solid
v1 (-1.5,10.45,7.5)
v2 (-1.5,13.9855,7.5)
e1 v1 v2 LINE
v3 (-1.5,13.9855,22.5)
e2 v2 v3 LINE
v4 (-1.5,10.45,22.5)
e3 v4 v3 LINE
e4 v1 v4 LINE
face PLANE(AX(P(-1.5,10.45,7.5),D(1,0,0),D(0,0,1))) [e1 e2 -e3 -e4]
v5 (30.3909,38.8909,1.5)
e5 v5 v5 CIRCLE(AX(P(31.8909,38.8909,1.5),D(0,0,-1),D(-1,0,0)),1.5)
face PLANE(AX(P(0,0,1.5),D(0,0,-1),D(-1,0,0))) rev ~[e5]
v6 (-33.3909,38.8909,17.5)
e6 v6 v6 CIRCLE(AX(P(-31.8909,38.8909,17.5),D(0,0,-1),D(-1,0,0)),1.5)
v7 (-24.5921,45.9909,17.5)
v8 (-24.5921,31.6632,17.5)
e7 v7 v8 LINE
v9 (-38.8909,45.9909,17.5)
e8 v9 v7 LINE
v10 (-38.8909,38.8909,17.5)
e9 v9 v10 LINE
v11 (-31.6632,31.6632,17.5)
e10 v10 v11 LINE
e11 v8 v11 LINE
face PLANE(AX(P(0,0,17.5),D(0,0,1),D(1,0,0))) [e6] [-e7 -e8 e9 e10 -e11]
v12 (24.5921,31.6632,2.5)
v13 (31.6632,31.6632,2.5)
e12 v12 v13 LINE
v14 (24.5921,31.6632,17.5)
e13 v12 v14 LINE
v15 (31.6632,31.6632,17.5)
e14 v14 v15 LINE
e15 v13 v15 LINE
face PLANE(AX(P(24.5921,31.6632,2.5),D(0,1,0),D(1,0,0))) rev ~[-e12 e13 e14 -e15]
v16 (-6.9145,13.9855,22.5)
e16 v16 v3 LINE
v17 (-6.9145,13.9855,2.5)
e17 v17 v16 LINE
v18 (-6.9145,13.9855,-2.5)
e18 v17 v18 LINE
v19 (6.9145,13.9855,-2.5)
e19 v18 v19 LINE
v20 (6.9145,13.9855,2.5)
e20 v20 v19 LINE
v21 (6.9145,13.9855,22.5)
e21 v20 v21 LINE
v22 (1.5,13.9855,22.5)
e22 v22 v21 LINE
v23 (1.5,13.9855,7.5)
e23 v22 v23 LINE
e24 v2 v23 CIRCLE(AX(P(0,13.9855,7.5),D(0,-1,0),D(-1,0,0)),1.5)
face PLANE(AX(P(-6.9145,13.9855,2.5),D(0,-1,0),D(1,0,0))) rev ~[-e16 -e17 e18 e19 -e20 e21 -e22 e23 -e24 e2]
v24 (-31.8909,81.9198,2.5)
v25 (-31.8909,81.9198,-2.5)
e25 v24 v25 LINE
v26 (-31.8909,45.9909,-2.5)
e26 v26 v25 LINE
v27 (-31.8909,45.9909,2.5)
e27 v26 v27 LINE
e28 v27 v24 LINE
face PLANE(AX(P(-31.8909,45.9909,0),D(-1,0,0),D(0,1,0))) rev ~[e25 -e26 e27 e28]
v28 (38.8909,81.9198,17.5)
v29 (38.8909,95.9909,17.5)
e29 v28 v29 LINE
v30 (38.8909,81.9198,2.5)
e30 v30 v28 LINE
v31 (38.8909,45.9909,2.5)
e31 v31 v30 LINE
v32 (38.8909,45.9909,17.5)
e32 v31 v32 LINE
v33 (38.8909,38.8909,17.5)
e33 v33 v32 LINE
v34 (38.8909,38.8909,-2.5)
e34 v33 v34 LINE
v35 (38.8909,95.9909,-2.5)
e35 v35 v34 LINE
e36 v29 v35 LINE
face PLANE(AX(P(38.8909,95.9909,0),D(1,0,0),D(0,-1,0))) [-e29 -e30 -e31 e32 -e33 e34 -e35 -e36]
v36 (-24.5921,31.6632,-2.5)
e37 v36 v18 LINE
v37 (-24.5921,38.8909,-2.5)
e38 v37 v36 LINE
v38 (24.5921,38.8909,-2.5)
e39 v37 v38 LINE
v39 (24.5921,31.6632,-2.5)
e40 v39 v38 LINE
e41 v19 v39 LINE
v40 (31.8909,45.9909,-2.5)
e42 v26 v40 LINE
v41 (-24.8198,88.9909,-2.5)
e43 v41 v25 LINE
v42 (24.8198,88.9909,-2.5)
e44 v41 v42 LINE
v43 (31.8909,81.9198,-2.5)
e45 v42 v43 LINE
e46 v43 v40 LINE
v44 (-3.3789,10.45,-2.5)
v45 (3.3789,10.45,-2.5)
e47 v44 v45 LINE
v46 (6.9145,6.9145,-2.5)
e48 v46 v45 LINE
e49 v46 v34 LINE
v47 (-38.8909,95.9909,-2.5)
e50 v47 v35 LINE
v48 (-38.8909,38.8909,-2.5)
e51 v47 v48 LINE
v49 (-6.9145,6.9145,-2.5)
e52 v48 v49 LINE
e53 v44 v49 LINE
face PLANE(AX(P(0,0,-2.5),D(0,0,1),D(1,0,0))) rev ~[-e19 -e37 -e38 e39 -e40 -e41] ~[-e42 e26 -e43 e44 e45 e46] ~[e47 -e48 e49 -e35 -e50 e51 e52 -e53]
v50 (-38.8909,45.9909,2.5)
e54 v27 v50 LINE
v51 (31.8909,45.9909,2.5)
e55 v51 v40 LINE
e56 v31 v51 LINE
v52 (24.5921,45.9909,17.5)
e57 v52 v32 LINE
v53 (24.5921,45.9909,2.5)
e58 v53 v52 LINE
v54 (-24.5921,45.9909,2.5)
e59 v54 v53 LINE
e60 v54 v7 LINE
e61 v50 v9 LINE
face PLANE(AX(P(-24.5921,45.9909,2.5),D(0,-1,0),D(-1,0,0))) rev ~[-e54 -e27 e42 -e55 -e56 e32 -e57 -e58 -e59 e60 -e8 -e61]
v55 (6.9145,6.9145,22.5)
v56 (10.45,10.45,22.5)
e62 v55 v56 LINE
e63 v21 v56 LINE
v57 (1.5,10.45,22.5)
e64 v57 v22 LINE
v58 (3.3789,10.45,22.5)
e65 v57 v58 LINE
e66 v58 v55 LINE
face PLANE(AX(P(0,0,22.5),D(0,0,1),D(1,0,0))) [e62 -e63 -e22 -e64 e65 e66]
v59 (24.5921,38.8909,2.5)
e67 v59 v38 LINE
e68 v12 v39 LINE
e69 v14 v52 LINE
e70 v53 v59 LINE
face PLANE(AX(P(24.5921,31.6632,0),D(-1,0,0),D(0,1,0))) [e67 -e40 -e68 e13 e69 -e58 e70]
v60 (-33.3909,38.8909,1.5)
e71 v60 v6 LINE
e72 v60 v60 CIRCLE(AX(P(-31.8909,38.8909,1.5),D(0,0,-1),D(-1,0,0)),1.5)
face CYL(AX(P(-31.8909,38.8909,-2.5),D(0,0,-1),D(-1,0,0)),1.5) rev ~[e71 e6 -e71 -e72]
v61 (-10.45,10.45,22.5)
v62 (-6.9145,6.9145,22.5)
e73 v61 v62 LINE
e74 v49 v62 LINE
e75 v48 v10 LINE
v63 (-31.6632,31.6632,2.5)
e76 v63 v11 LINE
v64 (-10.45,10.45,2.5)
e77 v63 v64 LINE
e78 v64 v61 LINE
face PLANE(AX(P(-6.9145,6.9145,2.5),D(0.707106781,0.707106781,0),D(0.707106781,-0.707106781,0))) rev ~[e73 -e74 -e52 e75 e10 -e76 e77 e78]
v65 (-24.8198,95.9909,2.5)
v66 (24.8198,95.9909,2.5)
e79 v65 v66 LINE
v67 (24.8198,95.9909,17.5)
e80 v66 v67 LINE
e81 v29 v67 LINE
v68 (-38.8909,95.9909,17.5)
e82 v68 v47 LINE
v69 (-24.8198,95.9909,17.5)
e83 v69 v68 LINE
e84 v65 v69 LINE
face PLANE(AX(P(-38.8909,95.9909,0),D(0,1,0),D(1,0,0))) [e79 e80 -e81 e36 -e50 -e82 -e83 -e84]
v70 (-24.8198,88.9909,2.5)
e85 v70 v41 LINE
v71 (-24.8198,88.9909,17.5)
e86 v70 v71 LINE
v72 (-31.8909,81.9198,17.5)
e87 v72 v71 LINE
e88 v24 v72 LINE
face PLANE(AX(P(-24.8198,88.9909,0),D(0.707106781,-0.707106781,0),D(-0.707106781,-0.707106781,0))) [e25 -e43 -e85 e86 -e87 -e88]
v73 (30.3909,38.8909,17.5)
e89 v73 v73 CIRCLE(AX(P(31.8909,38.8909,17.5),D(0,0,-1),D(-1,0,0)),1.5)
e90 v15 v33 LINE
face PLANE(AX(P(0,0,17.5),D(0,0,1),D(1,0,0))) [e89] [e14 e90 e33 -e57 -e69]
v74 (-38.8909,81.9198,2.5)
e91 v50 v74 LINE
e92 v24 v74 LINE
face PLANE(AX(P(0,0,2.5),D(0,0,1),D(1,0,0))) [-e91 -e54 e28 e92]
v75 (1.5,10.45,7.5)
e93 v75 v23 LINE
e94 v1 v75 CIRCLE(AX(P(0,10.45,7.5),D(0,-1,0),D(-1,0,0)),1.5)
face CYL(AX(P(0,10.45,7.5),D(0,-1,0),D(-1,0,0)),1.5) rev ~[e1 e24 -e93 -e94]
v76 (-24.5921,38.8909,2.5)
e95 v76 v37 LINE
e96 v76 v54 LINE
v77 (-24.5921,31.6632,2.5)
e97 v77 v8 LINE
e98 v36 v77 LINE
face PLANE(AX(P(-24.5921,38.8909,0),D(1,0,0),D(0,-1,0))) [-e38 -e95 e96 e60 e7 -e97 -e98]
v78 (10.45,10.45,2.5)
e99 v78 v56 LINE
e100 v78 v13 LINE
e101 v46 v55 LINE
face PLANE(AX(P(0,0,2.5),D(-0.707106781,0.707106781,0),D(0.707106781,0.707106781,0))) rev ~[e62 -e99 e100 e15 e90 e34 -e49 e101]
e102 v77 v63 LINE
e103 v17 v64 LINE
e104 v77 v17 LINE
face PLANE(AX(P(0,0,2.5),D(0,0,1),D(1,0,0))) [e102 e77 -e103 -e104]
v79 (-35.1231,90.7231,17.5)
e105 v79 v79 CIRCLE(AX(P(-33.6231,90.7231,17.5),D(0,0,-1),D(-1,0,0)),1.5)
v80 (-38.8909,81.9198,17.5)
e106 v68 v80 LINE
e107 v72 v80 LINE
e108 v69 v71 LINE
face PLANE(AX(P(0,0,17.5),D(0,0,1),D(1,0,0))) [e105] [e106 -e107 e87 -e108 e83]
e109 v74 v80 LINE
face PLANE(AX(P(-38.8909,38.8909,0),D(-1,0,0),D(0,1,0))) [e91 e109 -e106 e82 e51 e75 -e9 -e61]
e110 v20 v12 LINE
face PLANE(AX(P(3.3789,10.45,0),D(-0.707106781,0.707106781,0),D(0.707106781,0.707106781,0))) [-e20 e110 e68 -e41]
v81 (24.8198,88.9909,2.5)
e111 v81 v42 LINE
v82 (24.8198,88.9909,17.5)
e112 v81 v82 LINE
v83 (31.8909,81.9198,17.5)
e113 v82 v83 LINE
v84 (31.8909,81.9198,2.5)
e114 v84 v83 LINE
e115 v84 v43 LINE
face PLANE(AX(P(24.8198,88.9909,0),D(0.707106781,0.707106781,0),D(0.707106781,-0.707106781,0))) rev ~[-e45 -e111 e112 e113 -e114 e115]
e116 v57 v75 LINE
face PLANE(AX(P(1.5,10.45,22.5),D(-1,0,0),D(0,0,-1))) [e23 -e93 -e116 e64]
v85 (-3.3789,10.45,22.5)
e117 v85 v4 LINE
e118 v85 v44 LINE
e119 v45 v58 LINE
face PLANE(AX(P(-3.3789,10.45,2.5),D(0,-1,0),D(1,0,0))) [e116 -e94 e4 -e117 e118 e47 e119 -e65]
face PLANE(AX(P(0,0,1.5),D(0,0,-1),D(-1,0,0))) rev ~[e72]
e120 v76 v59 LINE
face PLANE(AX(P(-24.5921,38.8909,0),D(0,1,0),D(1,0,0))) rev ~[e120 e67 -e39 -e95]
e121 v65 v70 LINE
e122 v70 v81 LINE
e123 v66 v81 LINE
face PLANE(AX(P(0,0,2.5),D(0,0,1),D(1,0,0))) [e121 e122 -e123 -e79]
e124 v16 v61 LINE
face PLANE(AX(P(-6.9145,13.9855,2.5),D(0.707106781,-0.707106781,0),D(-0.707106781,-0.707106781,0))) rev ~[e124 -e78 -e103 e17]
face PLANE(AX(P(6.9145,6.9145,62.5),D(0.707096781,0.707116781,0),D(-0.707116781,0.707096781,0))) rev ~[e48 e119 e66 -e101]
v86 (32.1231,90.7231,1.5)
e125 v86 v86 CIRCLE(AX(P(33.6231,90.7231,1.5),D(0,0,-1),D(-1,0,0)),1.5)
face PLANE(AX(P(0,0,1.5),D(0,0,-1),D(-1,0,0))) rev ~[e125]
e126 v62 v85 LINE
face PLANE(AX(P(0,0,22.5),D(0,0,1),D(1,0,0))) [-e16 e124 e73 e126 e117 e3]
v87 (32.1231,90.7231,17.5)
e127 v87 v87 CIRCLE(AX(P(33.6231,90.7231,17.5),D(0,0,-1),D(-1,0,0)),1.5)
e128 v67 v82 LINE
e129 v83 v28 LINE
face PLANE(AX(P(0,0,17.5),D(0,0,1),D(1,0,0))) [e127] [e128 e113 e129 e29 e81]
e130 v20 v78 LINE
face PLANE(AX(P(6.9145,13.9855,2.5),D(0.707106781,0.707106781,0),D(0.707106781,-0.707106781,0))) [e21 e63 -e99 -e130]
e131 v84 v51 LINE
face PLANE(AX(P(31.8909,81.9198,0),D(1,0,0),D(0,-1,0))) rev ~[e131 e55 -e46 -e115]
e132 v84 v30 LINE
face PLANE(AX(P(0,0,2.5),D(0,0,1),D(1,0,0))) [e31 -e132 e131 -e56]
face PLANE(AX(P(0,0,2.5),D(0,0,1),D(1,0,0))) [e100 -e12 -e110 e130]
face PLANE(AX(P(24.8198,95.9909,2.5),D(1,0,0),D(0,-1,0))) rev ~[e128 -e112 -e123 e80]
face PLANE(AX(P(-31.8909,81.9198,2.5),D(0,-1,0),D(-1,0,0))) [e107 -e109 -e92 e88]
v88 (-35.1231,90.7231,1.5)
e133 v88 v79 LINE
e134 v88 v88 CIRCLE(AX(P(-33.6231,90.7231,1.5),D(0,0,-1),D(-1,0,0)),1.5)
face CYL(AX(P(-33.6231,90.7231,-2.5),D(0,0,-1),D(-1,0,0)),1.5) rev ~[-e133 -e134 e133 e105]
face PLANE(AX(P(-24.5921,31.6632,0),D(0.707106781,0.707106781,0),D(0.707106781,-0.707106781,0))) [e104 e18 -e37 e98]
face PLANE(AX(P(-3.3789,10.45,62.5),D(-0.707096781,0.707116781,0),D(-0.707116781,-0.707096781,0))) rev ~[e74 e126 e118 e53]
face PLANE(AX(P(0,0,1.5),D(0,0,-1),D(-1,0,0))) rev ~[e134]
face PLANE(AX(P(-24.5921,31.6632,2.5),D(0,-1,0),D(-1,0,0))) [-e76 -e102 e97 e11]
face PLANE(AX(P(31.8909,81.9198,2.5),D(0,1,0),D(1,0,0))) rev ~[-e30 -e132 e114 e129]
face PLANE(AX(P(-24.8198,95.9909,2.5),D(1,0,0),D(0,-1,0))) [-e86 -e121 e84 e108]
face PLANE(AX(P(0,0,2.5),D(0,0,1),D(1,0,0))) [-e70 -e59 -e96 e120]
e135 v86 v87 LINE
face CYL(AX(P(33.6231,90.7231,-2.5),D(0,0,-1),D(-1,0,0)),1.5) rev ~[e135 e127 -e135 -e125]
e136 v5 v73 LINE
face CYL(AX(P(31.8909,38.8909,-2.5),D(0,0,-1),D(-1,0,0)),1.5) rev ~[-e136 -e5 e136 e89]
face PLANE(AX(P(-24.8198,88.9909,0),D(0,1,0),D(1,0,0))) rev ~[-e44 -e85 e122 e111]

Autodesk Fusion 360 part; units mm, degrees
sketch "スケッチ1" plane through (0, 0, 0) normal (0, 0, 1) x (1, 0, 0)
  line L0 (-38.8909, 38.8909) -> (0, 0)
  line L1 (0, 0) -> (38.8909, 38.8909)
  line L2 (38.8909, 38.8909) -> (-38.8909, 38.8909) construction
  line L3 (0, 38.8909) -> (0, 0) construction
  line L4 (-24.5921, 31.6632) -> (-3.3789, 10.45)
  line L5 (-3.3789, 10.45) -> (3.3789, 10.45)
  line L6 (3.3789, 10.45) -> (24.5921, 31.6632)
  line L7 (24.5921, 31.6632) -> (24.5921, 38.8909)
  line L8 (-24.5921, 38.8909) -> (-24.5921, 31.6632)
  line L9 (-24.5921, 38.8909) -> (24.5921, 38.8909)
  line L10 (-38.8909, 38.8909) -> (-38.8909, 45.9909)
  line L11 (-31.8909, 45.9909) -> (31.8909, 45.9909)
  line L12 (38.8909, 45.9909) -> (38.8909, 38.8909)
  line L13 (31.8909, 45.9909) -> (-31.8909, 45.9909)
  line L14 (-38.8909, 45.9909) -> (-38.8909, 95.9909)
  line L15 (-38.8909, 95.9909) -> (38.8909, 95.9909)
  line L16 (38.8909, 95.9909) -> (38.8909, 45.9909)
  line L17 (38.8909, 45.9909) -> (-38.8909, 95.9909) construction
  line L18 (-38.8909, 45.9909) -> (38.8909, 95.9909) construction
  line L19 (-31.8909, 45.9909) -> (-31.8909, 81.9198)
  line L20 (-24.8198, 88.9909) -> (24.8198, 88.9909)
  line L21 (31.8909, 81.9198) -> (31.8909, 45.9909)
  line L22 (-24.8198, 88.9909) -> (-31.8909, 81.9198)
  line L23 (24.8198, 88.9909) -> (31.8909, 81.9198)
  point P0 (0, 70.9909)
  point P1 (0, 70.9909)
  dimension "d1" = 55
  dimension "d3" = 55
  dimension "d4" = 5
  dimension "d5" = 5
  dimension "d6" = 30
  dimension "d7" = 30
  dimension "d8" = 10.45
  dimension "d9" = 7.1
  dimension "d10" = 50
  dimension "d11" = 7
  dimension "d13" = 45
  dimension "d14" = 45
  dimension "d15" = 10
  dimension "d16" = 10
  dimension "d17" = 7
  dimension "d18" = 7
  dimension "d19" = 57.1
  dimension "d20" = 7.1
extrude "押し出し1" add sketch "スケッチ1" along normal mid plane 5
sketch "スケッチ2" plane through (0, 0, 2.5) normal (0, 0, 1) x (1, 0, 0)
  line L0 (-31.8909, 81.9198) -> (-24.8198, 88.9909)
  line L1 (-24.8198, 88.9909) -> (24.8198, 88.9909)
  line L2 (24.8198, 88.9909) -> (31.8909, 81.9198)
  line L3 (31.8909, 81.9198) -> (31.8909, 45.9909)
  line L4 (31.8909, 45.9909) -> (-31.8909, 45.9909)
  line L5 (-31.8909, 45.9909) -> (-31.8909, 81.9198)
  line L6 (-3.3789, 10.45) -> (-24.5921, 31.6632)
  line L7 (-24.5921, 31.6632) -> (-24.5921, 38.8909)
  line L8 (-24.5921, 38.8909) -> (24.5921, 38.8909)
  line L9 (24.5921, 38.8909) -> (24.5921, 31.6632)
  line L10 (24.5921, 31.6632) -> (3.3789, 10.45)
  line L11 (3.3789, 10.45) -> (-3.3789, 10.45)
  line L12 (-38.8909, 38.8909) -> (0, 0)
  line L13 (0, 0) -> (38.8909, 38.8909)
  line L14 (38.8909, 38.8909) -> (38.8909, 95.9909)
  line L15 (38.8909, 95.9909) -> (-38.8909, 95.9909)
  line L16 (-38.8909, 95.9909) -> (-38.8909, 38.8909)
  line L17 (-24.8198, 95.9909) -> (-24.8198, 88.9909)
  line L18 (-24.8198, 88.9909) -> (-31.8909, 81.9198)
  line L19 (-31.8909, 81.9198) -> (-38.8909, 81.9198)
  line L20 (-38.8909, 81.9198) -> (-38.8909, 95.9909)
  line L21 (-38.8909, 95.9909) -> (-24.8198, 95.9909)
  line L22 (24.8198, 95.9909) -> (24.8198, 88.9909)
  line L23 (24.8198, 88.9909) -> (31.8909, 81.9198)
  line L24 (31.8909, 81.9198) -> (38.8909, 81.9198)
  line L25 (38.8909, 81.9198) -> (38.8909, 95.9909)
  line L26 (38.8909, 95.9909) -> (24.8198, 95.9909)
  line L27 (-24.5921, 45.9909) -> (-24.5921, 31.6632)
  line L28 (-24.5921, 31.6632) -> (-31.6632, 31.6632)
  line L29 (-31.6632, 31.6632) -> (-38.8909, 38.8909)
  line L30 (-38.8909, 38.8909) -> (-38.8909, 45.9909)
  line L31 (-38.8909, 45.9909) -> (-24.5921, 45.9909)
  line L32 (24.5921, 45.9909) -> (24.5921, 31.6632)
  line L33 (24.5921, 31.6632) -> (31.6632, 31.6632)
  line L34 (31.6632, 31.6632) -> (38.8909, 38.8909)
  line L35 (38.8909, 38.8909) -> (38.8909, 45.9909)
  line L36 (38.8909, 45.9909) -> (24.5921, 45.9909)
  line L37 (-3.3789, 10.45) -> (-6.9145, 6.9145)
  line L38 (-6.9145, 6.9145) -> (0, 0)
  line L39 (0, 0) -> (6.9145, 6.9145)
  line L40 (6.9145, 6.9145) -> (3.3789, 10.45)
  line L41 (3.3789, 10.45) -> (-3.3789, 10.45)
extrude "押し出し2" add sketch "スケッチ2" along normal blind 15 contours L0 L15 L16 L17 L18 L19 L20 L21 | L4 L7 L12 L16 L27 L28 L29 L30 L31 | L2 L14 L15 L22 L23 L24 L25 L26 | L4 L9 L13 L14 L32 L33 L34 L35 L36
extrude "押し出し3" add sketch "スケッチ2" along normal blind 60 contours L11 L12 L13 L37 L38 L39 L40 L41
sketch "スケッチ3" plane through (0, 0, -2.5) normal (0, 0, -1) x (-1, 0, 0)
  line L0 (24.8198, 88.9909) -> (31.8909, 81.9198)
  line L1 (31.8909, 81.9198) -> (31.8909, 45.9909)
  line L2 (31.8909, 45.9909) -> (-31.8909, 45.9909)
  line L3 (-31.8909, 45.9909) -> (-31.8909, 81.9198)
  line L4 (-31.8909, 81.9198) -> (-24.8198, 88.9909)
  line L5 (-24.8198, 88.9909) -> (24.8198, 88.9909)
  line L6 (24.5921, 31.6632) -> (3.3789, 10.45)
  line L7 (3.3789, 10.45) -> (-3.3789, 10.45)
  line L8 (-3.3789, 10.45) -> (-24.5921, 31.6632)
  line L9 (-24.5921, 31.6632) -> (-24.5921, 38.8909)
  line L10 (-24.5921, 38.8909) -> (24.5921, 38.8909)
  line L11 (24.5921, 38.8909) -> (24.5921, 31.6632)
  line L12 (0, 0) -> (38.8909, 38.8909)
  line L13 (38.8909, 38.8909) -> (38.8909, 95.9909)
  line L14 (38.8909, 95.9909) -> (-38.8909, 95.9909)
  line L15 (-38.8909, 95.9909) -> (-38.8909, 38.8909)
  line L16 (-38.8909, 38.8909) -> (0, 0)
  line L17 (-38.8909, 95.9909) -> (-28.3553, 85.4553) construction
  line L18 (38.8909, 95.9909) -> (28.3553, 85.4553) construction
  circle A0 centre (-33.6231, 90.7231) radius 3.5
  circle A1 centre (33.6231, 90.7231) radius 3.5
  circle A2 centre (-31.8909, 38.8909) radius 3.5
  circle A3 centre (31.8909, 38.8909) radius 3.5
  line L19 (-24.5921, 38.8909) -> (-38.8909, 38.8909) construction
  line L20 (-31.8909, 45.9909) -> (-31.8909, 31.8909) construction
  line L21 (24.5921, 38.8909) -> (38.8909, 38.8909) construction
  line L22 (31.8909, 45.9909) -> (31.8909, 31.8909) construction
  circle A4 centre (-31.8909, 38.8909) radius 1.5
  circle A5 centre (31.8909, 38.8909) radius 1.5
  circle A6 centre (33.6231, 90.7231) radius 1.5
  circle A7 centre (-33.6231, 90.7231) radius 1.5
  dimension "d27" = 7
  dimension "d28" = 7
  dimension "d29" = 7
  dimension "d30" = 7
  dimension "d31" = 3
  dimension "d32" = 3
  dimension "d33" = 3
  dimension "d34" = 3
extrude "押し出し4" cut sketch "スケッチ3" against normal blind 25 contours A4 | A5 | A6 | A7
extrude "押し出し7" cut 1 faces at (0, 6.9667, 62.5) along direction (0, 0, -1) blind 65
sketch "スケッチ8" plane through (0, 0, 2.5) normal (0, 0, 1) x (1, 0, 0)
  line L0 (-6.9145, 6.9145) -> (-3.3789, 10.45)
  line L1 (-3.3789, 10.45) -> (-24.5921, 31.6632)
  line L2 (-24.5921, 31.6632) -> (-31.6632, 31.6632)
  line L3 (-31.6632, 31.6632) -> (-6.9145, 6.9145)
  line L4 (3.3789, 10.45) -> (6.9145, 6.9145)
  line L5 (24.5921, 31.6632) -> (3.3789, 10.45)
  line L6 (6.9145, 6.9145) -> (31.6632, 31.6632)
  line L7 (-3.3789, 10.45) -> (3.3789, 10.45)
  line L8 (-6.9145, 13.9855) -> (6.9145, 13.9855)
  line L9 (6.9145, 13.9855) -> (10.45, 10.45)
  line L10 (-6.9145, 13.9855) -> (-10.45, 10.45)
  dimension "d52" = 5
  dimension "d53" = 5
extrude "押し出し9" add sketch "スケッチ8" against normal blind 5 contours L1 L5 L7 L8
extrude "押し出し10" add sketch "スケッチ8" along normal blind 20 contours L0 L1 L3 L10 | L1 L5 L7 L8 | L4 L5 L6 L9
sketch "スケッチ9" plane through (0, 10.45, 0) normal (0, -1, 0) x (1, 0, 0)
  line L0 (-3.3789, 22.5) -> (-3.3789, -2.5)
  line L1 (-3.3789, -2.5) -> (3.3789, -2.5)
  line L2 (3.3789, -2.5) -> (3.3789, 22.5)
  line L3 (3.3789, 22.5) -> (-3.3789, 22.5)
  arc A0 (-1.5, 7.5) -> (1.5, 7.5) centre (0, 7.5) ccw
  line L4 (0, 7.5) -> (0, -2.5) construction
  line L5 (-1.5, 7.5) -> (-1.5, 22.5)
  line L6 (1.5, 22.5) -> (1.5, 7.5)
  dimension "d58" = 10
  dimension "d59" = 1.5
extrude "押し出し11" cut sketch "スケッチ9" against normal blind 4 contours L3 A0 L5 L6
extrude "押し出し12" add sketch "スケッチ3" against normal blind 4 contours A4 | A5 | A6 | A7
